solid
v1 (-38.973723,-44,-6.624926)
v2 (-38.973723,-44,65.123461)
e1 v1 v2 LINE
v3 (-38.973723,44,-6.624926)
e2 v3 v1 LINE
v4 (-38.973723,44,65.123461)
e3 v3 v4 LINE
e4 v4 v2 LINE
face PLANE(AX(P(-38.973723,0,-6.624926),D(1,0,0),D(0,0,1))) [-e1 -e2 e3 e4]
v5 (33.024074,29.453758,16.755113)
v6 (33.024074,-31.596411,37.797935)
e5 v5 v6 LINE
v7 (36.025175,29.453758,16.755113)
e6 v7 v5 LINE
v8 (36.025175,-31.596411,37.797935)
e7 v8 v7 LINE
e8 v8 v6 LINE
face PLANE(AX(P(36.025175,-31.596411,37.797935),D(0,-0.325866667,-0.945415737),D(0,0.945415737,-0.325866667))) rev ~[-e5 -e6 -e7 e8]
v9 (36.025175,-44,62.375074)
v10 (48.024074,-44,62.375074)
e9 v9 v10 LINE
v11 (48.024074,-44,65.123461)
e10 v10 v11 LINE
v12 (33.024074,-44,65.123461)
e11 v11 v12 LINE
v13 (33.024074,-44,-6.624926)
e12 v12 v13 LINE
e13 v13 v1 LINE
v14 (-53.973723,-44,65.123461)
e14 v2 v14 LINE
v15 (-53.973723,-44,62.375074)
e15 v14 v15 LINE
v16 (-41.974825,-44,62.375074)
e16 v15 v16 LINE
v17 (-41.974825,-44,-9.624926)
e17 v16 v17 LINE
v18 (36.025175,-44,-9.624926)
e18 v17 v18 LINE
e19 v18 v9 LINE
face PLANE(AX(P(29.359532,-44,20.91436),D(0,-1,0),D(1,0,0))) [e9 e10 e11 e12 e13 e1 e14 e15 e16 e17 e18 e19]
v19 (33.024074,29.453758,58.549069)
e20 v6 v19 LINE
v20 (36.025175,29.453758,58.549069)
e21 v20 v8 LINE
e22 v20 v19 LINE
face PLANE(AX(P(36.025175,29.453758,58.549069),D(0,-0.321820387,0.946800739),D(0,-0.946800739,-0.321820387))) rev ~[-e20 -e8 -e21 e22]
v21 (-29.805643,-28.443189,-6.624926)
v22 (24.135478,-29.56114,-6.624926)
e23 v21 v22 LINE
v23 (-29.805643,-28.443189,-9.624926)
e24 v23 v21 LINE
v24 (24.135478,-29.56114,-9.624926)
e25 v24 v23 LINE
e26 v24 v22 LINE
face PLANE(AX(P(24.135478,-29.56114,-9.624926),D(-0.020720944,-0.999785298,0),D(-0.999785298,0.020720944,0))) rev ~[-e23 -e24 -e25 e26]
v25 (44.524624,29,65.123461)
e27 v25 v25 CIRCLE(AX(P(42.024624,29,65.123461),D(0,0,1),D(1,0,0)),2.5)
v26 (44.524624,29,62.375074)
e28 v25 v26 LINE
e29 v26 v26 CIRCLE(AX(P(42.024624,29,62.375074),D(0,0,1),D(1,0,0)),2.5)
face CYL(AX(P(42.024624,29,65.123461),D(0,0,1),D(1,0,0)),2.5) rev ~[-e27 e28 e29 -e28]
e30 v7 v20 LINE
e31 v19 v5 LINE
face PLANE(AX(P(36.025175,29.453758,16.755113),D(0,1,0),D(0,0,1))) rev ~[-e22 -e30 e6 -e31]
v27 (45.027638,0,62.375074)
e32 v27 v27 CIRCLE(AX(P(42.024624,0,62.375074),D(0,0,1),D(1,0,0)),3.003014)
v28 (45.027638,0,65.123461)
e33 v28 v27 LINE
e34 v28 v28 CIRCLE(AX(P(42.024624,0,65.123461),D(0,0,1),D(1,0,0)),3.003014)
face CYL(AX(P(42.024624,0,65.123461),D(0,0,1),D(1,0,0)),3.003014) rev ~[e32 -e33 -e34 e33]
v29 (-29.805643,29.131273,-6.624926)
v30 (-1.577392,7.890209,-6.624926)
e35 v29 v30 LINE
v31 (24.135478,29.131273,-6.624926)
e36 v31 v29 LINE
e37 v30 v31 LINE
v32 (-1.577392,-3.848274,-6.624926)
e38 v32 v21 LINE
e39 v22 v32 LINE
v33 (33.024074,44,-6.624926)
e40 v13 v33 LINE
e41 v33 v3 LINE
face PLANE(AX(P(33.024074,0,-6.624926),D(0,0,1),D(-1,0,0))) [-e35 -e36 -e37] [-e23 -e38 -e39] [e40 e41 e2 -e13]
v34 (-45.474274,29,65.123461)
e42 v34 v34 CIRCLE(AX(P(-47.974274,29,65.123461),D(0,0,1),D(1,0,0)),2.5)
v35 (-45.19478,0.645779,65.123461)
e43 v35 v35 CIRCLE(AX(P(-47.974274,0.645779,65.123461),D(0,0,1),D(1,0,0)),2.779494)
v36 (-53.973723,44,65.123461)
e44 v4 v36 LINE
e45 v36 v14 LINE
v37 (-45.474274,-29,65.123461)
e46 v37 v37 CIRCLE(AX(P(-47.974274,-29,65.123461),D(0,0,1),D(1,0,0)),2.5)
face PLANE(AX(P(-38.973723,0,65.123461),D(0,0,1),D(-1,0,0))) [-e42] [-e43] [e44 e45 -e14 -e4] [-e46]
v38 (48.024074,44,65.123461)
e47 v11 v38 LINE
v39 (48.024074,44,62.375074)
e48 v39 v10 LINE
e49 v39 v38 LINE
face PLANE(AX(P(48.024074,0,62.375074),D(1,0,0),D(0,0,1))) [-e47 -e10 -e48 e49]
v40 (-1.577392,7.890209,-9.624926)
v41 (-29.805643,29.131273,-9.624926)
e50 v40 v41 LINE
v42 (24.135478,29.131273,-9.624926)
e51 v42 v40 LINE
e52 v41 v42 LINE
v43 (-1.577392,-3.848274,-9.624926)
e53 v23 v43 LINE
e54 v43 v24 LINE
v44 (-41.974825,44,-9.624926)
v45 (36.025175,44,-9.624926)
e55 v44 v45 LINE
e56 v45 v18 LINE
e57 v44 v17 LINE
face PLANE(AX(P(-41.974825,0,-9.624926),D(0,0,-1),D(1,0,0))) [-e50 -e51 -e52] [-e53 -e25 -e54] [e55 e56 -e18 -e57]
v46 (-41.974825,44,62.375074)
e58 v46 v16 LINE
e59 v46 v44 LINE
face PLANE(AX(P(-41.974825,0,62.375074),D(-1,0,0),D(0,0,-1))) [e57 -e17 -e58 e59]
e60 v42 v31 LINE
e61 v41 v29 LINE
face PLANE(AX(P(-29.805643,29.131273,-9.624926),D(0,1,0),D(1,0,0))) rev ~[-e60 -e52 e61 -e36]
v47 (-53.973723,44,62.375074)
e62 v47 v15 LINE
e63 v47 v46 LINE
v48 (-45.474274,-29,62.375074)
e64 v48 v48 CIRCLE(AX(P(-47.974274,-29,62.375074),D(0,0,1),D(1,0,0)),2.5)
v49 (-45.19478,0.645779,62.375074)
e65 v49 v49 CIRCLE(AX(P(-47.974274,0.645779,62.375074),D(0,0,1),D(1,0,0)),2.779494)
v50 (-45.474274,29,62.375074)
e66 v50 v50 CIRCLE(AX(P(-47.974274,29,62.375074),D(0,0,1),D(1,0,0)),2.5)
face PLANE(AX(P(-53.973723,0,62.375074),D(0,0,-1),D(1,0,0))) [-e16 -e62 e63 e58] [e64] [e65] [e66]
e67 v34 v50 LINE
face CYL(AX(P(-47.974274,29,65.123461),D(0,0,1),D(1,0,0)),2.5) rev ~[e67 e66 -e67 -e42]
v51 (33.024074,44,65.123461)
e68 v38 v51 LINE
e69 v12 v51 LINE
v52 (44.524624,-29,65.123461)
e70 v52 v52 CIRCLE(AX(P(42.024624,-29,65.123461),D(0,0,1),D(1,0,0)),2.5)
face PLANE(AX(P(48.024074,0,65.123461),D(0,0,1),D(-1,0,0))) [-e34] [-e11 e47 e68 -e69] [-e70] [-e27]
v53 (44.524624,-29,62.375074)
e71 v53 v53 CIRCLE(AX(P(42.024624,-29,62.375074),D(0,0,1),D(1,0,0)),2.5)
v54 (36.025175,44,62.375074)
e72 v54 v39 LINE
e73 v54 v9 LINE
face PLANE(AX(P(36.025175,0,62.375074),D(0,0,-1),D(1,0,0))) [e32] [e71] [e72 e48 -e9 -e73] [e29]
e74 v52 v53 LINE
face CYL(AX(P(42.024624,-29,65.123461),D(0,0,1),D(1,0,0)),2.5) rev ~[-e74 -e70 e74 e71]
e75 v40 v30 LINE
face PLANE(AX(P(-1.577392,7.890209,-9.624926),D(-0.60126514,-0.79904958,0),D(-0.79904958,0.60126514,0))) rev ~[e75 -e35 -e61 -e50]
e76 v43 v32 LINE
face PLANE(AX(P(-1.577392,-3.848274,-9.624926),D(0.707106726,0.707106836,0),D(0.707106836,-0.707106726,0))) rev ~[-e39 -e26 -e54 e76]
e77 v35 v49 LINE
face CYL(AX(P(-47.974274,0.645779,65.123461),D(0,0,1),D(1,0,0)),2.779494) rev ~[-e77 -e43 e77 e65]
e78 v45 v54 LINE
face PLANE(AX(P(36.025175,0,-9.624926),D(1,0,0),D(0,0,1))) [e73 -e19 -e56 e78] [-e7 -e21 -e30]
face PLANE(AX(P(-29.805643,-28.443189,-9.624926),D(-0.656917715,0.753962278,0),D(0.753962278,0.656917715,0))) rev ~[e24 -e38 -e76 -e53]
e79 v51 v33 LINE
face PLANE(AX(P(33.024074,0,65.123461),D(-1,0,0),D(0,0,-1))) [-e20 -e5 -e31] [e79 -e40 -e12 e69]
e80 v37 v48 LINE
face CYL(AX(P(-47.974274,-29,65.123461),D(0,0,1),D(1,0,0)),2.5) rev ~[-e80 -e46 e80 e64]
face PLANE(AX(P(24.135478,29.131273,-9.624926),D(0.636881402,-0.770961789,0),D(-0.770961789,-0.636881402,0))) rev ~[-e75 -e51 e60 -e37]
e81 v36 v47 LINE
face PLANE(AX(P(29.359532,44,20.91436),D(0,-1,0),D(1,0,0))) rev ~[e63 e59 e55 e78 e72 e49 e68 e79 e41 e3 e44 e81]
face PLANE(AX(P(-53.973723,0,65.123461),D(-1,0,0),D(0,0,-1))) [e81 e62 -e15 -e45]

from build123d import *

# Parameters (mm, degrees)
F1_DEPTH = 44
F2_R     = 2.5
F2_R_2   = 2.779494
F2_R_3   = 3.003014
F3_DEPTH = 2.748387
F5_DEPTH = 4
F7_DEPTH = 4


with BuildPart() as f1:
    # F0 (on Front) → F1 (new body, symmetric)
    with BuildSketch(Plane.XZ):
        Polygon((33.024074, -6.624926), (-2.974825, -6.624926), (-2.974825, -9.624926), (36.025175, -9.624926), (36.025175, 62.375074), (48.024074, 62.375074), (48.024074, 65.123461), (33.024074, 65.123461), align=None)
        Polygon((-2.974825, -9.624926), (-2.974825, -6.624926), (-38.973723, -6.624926), (-38.973723, 65.123461), (-53.973723, 65.123461), (-53.973723, 62.375074), (-41.974825, 62.375074), (-41.974825, -9.624926), align=None)
    extrude(amount=F1_DEPTH, both=True)

    # F2 (on face) → F3 (cut, through all)
    with BuildSketch(Plane.XY.offset(65.123461)):
        with Locations((42.024624, -29)):
            Circle(F2_R)
        with Locations((42.024624, 29)):
            Circle(F2_R)
        with Locations((-47.974274, 29)):
            Circle(F2_R)
        with Locations((-47.974274, -29)):
            Circle(F2_R)
        with Locations((-47.974274, 0.645779)):
            Circle(F2_R_2)
        with Locations((42.024624, 0)):
            Circle(F2_R_3)
    extrude(amount=-F3_DEPTH, mode=Mode.SUBTRACT)

    # F4 (on face) → F5 (cut)
    with BuildSketch(Plane(origin=(0, 0, -9.624926), x_dir=(1, 0, 0), z_dir=(0, 0, -1))):
        Polygon((-1.577392, 3.848274), (24.135478, 29.56114), (-29.805643, 28.443189), align=None)
        Polygon((24.135478, -29.131273), (-1.577392, -7.890209), (-29.805643, -29.131273), align=None)
    extrude(amount=-F5_DEPTH, mode=Mode.SUBTRACT)

    # F6 (on face) → F7 (cut)
    with BuildSketch(Plane.YZ.offset(36.025175)):
        Polygon((29.453758, 16.755113), (29.453758, 58.549069), (-31.596411, 37.797935), align=None)
    extrude(amount=-F7_DEPTH, mode=Mode.SUBTRACT)


solid = f1.part
